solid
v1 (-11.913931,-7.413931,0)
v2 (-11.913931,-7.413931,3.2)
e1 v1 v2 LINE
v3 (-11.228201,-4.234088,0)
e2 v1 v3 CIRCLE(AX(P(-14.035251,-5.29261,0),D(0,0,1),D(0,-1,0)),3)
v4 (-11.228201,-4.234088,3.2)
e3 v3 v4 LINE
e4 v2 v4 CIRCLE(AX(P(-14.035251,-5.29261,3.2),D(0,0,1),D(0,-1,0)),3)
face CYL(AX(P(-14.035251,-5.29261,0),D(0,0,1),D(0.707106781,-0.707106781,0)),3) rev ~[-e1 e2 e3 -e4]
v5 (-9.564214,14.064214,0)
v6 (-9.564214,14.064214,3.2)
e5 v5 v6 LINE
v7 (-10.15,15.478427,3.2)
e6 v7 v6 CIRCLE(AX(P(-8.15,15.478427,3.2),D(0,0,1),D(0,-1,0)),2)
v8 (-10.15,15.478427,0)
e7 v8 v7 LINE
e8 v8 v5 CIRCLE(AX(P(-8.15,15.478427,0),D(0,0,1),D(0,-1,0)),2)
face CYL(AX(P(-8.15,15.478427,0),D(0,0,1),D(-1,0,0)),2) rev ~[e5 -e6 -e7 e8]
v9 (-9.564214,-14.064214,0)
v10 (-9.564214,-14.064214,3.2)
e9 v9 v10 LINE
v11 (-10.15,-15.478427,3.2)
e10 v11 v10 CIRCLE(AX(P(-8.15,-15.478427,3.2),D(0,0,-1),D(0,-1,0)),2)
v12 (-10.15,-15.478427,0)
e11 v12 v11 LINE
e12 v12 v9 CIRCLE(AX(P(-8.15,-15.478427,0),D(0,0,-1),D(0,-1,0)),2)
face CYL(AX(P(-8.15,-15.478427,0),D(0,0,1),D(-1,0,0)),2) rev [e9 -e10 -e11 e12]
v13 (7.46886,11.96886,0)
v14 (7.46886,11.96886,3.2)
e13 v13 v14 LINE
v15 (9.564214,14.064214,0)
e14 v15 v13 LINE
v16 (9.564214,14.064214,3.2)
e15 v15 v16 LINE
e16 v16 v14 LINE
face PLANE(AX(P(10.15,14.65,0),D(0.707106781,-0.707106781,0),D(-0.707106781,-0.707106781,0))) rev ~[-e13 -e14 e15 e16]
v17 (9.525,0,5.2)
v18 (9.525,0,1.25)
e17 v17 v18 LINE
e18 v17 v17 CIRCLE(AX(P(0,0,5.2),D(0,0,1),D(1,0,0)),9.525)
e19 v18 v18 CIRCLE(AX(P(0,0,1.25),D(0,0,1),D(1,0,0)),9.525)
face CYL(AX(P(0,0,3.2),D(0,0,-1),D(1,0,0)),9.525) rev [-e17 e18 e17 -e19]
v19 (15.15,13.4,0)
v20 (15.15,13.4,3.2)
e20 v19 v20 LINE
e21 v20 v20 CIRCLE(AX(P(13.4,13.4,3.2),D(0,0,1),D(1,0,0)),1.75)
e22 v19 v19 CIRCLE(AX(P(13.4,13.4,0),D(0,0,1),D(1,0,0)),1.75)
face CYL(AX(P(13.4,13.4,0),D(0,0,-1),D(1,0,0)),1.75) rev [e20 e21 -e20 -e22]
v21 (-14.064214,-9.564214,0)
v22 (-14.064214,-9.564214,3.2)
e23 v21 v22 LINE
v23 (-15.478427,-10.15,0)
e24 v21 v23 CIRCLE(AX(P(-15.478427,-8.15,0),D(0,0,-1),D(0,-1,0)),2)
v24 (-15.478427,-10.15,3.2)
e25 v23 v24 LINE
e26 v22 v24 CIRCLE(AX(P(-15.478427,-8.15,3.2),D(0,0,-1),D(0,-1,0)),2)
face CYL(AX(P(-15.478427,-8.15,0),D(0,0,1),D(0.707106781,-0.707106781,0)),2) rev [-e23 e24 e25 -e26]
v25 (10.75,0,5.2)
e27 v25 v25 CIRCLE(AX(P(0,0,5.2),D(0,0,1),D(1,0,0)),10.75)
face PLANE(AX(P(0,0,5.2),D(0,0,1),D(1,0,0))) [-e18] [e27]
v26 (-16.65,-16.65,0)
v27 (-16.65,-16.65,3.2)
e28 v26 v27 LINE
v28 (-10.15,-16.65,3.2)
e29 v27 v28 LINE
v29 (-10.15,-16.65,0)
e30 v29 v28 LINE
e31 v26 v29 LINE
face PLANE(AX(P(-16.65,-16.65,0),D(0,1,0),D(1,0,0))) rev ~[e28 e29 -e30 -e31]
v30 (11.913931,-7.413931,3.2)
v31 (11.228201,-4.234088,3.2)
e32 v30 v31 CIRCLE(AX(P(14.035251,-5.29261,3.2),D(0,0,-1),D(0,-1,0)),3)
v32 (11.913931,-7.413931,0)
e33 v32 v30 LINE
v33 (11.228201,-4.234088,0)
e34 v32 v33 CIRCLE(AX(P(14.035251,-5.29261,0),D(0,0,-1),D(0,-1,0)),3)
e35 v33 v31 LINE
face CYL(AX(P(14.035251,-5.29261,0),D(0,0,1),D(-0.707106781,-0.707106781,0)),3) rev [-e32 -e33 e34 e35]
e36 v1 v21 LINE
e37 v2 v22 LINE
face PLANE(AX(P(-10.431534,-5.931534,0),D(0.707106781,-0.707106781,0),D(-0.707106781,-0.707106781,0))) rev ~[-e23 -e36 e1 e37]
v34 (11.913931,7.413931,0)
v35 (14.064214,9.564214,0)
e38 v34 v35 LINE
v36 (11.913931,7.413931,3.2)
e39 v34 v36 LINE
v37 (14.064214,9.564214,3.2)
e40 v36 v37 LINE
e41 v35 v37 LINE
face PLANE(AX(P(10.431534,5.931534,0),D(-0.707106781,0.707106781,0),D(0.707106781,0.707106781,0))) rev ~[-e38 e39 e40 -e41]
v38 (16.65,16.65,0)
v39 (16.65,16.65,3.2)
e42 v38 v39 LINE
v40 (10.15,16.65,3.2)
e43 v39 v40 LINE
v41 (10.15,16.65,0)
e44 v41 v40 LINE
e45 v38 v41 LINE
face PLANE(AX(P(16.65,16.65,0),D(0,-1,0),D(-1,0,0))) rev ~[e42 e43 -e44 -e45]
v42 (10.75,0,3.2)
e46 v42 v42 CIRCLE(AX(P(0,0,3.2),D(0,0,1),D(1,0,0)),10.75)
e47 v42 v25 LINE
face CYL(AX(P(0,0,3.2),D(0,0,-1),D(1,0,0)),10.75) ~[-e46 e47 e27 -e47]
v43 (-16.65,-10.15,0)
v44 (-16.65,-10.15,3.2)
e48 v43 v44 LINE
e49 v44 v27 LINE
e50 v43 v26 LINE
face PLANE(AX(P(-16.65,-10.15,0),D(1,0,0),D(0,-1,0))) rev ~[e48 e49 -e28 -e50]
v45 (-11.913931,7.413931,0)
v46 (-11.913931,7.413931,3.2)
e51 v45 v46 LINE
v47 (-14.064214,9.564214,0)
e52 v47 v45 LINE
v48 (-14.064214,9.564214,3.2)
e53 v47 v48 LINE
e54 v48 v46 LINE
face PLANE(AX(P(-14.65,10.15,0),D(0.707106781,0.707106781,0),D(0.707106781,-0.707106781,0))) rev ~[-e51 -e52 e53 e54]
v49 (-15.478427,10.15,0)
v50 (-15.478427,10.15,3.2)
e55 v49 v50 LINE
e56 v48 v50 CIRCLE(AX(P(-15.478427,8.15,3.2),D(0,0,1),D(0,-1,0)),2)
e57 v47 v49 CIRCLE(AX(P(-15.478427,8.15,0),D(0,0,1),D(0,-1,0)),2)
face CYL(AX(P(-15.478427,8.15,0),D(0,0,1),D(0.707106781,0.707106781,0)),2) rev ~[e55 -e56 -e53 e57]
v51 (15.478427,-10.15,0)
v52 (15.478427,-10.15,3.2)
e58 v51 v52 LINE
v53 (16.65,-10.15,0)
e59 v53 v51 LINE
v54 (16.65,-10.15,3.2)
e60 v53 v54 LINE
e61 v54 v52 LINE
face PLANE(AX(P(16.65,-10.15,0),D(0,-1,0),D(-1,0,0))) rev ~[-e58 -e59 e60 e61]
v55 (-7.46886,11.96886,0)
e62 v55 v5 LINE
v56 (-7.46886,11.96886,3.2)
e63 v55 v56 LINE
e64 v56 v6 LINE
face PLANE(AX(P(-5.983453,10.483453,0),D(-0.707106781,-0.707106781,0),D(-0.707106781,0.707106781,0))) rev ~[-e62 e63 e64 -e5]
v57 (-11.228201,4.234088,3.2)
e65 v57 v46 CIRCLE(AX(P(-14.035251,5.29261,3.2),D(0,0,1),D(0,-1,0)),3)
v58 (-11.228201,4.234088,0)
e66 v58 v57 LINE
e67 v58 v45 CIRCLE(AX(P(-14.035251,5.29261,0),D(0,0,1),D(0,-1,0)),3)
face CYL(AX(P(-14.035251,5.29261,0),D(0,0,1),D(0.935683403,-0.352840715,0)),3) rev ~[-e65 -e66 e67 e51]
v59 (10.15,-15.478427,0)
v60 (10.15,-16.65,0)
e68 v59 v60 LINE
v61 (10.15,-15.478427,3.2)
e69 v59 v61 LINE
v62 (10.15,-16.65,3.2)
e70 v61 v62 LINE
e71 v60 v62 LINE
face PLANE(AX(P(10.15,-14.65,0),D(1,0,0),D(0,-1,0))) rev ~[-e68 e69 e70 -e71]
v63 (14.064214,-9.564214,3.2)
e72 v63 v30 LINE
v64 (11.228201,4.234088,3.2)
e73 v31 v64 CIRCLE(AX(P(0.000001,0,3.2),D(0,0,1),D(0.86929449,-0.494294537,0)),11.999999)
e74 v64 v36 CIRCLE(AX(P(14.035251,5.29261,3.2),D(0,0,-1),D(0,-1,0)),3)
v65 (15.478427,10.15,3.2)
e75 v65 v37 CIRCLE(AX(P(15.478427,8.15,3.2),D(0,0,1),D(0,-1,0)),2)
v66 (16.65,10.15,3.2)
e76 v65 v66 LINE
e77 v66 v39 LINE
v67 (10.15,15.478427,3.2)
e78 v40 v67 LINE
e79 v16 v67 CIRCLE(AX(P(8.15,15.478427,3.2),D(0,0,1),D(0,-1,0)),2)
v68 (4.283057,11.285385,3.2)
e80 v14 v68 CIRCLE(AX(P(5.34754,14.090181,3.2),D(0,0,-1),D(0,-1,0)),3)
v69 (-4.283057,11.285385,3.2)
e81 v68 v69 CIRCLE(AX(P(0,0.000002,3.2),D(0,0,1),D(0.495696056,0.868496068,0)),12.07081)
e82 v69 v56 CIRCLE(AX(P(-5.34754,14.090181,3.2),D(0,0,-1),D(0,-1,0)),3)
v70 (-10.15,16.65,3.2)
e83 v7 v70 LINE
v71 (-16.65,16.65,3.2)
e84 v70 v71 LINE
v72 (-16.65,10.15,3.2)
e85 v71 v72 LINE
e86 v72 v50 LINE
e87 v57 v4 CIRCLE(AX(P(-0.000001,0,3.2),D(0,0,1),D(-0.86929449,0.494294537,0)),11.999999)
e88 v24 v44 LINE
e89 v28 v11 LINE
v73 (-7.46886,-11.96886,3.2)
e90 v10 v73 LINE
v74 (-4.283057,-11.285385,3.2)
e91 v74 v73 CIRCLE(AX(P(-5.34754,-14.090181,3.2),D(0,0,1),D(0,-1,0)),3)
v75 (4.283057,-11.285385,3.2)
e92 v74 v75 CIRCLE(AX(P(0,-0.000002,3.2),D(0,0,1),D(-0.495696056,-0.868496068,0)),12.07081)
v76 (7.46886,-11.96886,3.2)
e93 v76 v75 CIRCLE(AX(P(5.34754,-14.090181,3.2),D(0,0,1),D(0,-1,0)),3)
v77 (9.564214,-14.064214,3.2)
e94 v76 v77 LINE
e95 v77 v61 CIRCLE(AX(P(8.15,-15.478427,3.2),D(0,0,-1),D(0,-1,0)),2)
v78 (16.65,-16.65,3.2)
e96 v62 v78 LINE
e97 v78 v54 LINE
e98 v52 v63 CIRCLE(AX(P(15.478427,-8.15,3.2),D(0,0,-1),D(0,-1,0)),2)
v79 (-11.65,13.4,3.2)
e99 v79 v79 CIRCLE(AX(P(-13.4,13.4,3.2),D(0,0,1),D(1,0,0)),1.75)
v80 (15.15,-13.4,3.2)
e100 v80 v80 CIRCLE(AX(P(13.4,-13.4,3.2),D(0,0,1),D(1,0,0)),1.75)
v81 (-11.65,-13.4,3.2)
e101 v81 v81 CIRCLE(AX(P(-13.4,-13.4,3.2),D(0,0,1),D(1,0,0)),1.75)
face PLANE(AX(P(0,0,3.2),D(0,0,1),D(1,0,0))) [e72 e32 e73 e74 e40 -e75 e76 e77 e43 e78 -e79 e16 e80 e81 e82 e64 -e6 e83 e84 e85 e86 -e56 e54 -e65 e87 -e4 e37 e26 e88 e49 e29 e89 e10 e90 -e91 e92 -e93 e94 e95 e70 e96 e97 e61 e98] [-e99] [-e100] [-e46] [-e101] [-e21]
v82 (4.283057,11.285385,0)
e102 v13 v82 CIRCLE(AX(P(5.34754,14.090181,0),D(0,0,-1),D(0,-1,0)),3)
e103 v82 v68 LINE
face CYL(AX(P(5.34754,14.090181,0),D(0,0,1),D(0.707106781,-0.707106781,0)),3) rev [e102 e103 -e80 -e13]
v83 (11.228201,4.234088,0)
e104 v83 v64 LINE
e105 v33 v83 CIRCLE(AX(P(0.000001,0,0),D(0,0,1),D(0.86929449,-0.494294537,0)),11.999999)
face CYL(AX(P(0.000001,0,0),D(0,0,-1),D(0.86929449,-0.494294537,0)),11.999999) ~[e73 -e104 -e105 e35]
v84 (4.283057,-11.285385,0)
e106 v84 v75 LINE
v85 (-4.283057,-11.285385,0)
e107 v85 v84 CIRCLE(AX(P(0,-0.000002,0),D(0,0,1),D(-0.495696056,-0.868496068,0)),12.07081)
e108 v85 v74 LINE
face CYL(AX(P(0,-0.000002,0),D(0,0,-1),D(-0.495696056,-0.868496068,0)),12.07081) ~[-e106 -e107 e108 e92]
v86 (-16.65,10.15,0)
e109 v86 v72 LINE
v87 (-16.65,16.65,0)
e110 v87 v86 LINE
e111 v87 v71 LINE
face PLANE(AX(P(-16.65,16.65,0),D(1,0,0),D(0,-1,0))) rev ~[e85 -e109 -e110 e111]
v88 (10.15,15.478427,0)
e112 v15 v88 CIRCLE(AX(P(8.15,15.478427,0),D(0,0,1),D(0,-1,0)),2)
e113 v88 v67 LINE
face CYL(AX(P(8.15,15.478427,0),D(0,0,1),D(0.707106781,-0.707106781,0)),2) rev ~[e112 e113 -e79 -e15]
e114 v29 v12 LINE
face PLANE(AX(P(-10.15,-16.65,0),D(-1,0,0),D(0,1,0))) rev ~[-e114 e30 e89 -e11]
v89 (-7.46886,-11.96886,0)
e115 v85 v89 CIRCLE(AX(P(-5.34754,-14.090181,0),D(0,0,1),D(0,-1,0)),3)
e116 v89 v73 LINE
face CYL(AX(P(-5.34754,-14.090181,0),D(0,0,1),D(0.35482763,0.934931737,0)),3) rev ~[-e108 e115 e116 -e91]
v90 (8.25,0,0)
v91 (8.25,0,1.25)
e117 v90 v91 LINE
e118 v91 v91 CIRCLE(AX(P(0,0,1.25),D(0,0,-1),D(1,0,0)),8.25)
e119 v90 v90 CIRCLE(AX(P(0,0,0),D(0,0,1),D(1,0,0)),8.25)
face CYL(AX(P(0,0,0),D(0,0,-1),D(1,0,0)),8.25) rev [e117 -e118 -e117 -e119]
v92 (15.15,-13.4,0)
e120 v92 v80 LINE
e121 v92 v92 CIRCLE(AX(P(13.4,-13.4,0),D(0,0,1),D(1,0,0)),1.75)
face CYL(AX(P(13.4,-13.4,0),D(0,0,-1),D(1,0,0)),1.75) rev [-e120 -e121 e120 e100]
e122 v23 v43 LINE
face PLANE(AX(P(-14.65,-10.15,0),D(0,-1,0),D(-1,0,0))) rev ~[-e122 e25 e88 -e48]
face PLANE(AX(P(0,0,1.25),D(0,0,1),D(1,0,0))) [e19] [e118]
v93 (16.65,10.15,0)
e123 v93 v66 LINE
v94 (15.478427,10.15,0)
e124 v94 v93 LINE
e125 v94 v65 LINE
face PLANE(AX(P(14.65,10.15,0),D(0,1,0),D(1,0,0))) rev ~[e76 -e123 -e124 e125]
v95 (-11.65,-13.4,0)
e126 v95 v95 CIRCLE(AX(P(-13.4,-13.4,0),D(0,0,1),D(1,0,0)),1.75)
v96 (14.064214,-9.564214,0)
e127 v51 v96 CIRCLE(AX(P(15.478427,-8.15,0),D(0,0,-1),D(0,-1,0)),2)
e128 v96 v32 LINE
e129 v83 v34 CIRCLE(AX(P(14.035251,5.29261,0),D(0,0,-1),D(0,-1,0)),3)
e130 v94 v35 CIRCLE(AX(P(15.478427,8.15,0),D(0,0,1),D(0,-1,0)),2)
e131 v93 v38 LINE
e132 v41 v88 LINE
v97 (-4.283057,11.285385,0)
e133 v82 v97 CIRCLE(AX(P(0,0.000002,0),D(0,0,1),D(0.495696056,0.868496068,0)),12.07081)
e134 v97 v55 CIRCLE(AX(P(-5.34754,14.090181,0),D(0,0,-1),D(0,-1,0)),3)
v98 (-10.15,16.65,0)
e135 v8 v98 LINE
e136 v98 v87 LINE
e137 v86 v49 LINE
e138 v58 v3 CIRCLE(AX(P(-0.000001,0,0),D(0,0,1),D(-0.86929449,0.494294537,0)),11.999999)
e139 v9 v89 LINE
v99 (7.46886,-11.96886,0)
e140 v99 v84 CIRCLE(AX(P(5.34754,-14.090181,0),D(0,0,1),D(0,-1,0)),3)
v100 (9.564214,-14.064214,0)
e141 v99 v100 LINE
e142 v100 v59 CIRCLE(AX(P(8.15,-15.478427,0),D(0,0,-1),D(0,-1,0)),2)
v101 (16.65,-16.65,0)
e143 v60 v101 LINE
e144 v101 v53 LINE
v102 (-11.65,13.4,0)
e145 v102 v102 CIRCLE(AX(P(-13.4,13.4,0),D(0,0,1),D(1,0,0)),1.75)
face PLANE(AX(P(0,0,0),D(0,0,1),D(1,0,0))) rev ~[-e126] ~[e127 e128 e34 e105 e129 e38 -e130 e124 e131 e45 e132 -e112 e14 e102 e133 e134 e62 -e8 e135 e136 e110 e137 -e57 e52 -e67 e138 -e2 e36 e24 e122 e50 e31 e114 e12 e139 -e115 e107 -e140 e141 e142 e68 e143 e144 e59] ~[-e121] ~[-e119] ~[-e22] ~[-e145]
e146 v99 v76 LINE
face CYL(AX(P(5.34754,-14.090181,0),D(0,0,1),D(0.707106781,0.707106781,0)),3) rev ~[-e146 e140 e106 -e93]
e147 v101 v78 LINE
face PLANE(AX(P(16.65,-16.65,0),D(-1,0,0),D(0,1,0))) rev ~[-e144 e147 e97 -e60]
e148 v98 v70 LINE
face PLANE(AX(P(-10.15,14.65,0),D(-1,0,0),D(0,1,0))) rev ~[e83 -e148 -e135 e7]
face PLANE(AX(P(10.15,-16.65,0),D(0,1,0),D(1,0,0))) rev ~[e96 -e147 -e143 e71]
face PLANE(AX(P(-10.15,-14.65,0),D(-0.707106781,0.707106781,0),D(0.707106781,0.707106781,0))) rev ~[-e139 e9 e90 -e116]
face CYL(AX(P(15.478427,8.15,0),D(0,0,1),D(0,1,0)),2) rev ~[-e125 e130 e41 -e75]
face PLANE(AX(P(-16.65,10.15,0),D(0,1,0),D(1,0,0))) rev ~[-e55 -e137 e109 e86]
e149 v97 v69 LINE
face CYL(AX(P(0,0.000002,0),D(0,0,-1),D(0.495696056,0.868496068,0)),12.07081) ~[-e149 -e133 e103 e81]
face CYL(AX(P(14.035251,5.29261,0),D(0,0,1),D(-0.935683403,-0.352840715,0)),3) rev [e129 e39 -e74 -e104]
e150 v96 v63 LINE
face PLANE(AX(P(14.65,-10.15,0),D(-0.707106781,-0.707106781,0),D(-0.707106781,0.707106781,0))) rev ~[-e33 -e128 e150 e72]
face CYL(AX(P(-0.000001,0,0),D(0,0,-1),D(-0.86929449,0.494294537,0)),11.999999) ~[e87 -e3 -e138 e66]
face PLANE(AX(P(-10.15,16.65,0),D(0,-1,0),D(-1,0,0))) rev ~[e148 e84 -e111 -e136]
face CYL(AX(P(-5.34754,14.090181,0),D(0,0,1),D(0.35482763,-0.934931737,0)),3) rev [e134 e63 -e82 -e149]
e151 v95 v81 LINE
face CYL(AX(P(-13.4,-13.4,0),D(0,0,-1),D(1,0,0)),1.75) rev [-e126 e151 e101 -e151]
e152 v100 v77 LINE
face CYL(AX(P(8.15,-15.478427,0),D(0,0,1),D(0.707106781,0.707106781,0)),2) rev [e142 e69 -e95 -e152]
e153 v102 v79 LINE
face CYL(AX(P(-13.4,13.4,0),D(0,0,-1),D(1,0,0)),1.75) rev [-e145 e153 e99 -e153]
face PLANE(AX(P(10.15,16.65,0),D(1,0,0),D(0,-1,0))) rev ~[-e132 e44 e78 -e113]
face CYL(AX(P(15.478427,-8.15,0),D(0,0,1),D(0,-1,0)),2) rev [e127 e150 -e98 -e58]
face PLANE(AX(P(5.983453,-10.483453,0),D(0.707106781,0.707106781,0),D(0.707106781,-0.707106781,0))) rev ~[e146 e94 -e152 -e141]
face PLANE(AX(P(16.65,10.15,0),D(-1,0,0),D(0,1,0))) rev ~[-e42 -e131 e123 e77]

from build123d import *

# Parameters (mm, degrees)
F0_R     = 1.75
F0_R_2   = 8.25
F1_DEPTH = 3.2
F2_R     = 9.525
F3_DEPTH = 1.95
F4_R     = 10.75
F4_R_2   = 9.525
F5_DEPTH = 2
F6_R     = 2
F7_R     = 3


with BuildPart() as f1:
    # F0 (on Top) → F1 (new body)
    with BuildSketch(Plane.XY):
        with BuildLine():
            Line((14.65, -10.15), (10.431534, -5.931534))
            ThreePointArc((10.431534, -5.931534), (12, 0), (10.431534, 5.931534))
            Line((10.431534, 5.931534), (14.65, 10.15))
            Line((14.65, 10.15), (16.65, 10.15))
            Line((16.65, 10.15), (16.65, 16.65))
            Line((16.65, 16.65), (10.15, 16.65))
            Line((10.15, 16.65), (10.15, 14.65))
            Line((10.15, 14.65), (5.983453, 10.483453))
            ThreePointArc((5.983453, 10.483453), (0, 12.070812), (-5.983453, 10.483453))
            Line((-5.983453, 10.483453), (-10.15, 14.65))
            Line((-10.15, 14.65), (-10.15, 16.65))
            Line((-10.15, 16.65), (-16.65, 16.65))
            Line((-16.65, 16.65), (-16.65, 10.15))
            Line((-16.65, 10.15), (-14.65, 10.15))
            Line((-14.65, 10.15), (-10.431534, 5.931534))
            ThreePointArc((-10.431534, 5.931534), (-12, 0), (-10.431534, -5.931534))
            Line((-10.431534, -5.931534), (-14.65, -10.15))
            Line((-14.65, -10.15), (-16.65, -10.15))
            Line((-16.65, -10.15), (-16.65, -16.65))
            Line((-16.65, -16.65), (-10.15, -16.65))
            Line((-10.15, -16.65), (-10.15, -14.65))
            Line((-10.15, -14.65), (-5.983453, -10.483453))
            ThreePointArc((-5.983453, -10.483453), (0, -12.070812), (5.983453, -10.483453))
            Line((5.983453, -10.483453), (10.15, -14.65))
            Line((10.15, -14.65), (10.15, -16.65))
            Line((10.15, -16.65), (16.65, -16.65))
            Line((16.65, -16.65), (16.65, -10.15))
            Line((16.65, -10.15), (14.65, -10.15))
        make_face()
        with Locations((-13.4, -13.4)):
            Circle(F0_R, mode=Mode.SUBTRACT)
        with Locations((13.4, -13.4)):
            Circle(F0_R, mode=Mode.SUBTRACT)
        with Locations((-13.4, 13.4)):
            Circle(F0_R, mode=Mode.SUBTRACT)
        Circle(F0_R_2, mode=Mode.SUBTRACT)
        with Locations((13.4, 13.4)):
            Circle(F0_R, mode=Mode.SUBTRACT)
    extrude(amount=F1_DEPTH)

    # F2 (on face) → F3 (cut)
    with BuildSketch(Plane.XY.offset(3.2)):
        Circle(F2_R)
    extrude(amount=-F3_DEPTH, mode=Mode.SUBTRACT)

    # F4 (on face) → F5 (join)
    with BuildSketch(Plane.XY.offset(3.2)):
        Circle(F4_R)
        Circle(F4_R_2, mode=Mode.SUBTRACT)
    extrude(amount=F5_DEPTH)

    # F6
    f6_edges = [f1.edges().sort_by_distance(p)[0] for p in [
        (-14.65, 10.15, 1.6),
        (-10.15, 14.65, 1.6),
        (10.15, 14.65, 1.6),
        (14.65, 10.15, 1.6),
        (14.65, -10.15, 1.6),
        (10.15, -14.65, 1.6),
        (-10.15, -14.65, 1.6),
        (-14.65, -10.15, 1.6),
    ]]
    fillet(f6_edges, radius=F6_R)

    # F7
    f7_edges = [f1.edges().sort_by_distance(p)[0] for p in [
        (-10.431534, -5.931534, 1.6),
        (-10.431534, 5.931534, 1.6),
        (-5.983453, 10.483453, 1.6),
        (5.983453, 10.483453, 1.6),
        (10.431534, 5.931534, 1.6),
        (10.431534, -5.931534, 1.6),
        (-5.983453, -10.483453, 1.6),
        (5.983453, -10.483453, 1.6),
    ]]
    fillet(f7_edges, radius=F7_R)


solid = f1.part
